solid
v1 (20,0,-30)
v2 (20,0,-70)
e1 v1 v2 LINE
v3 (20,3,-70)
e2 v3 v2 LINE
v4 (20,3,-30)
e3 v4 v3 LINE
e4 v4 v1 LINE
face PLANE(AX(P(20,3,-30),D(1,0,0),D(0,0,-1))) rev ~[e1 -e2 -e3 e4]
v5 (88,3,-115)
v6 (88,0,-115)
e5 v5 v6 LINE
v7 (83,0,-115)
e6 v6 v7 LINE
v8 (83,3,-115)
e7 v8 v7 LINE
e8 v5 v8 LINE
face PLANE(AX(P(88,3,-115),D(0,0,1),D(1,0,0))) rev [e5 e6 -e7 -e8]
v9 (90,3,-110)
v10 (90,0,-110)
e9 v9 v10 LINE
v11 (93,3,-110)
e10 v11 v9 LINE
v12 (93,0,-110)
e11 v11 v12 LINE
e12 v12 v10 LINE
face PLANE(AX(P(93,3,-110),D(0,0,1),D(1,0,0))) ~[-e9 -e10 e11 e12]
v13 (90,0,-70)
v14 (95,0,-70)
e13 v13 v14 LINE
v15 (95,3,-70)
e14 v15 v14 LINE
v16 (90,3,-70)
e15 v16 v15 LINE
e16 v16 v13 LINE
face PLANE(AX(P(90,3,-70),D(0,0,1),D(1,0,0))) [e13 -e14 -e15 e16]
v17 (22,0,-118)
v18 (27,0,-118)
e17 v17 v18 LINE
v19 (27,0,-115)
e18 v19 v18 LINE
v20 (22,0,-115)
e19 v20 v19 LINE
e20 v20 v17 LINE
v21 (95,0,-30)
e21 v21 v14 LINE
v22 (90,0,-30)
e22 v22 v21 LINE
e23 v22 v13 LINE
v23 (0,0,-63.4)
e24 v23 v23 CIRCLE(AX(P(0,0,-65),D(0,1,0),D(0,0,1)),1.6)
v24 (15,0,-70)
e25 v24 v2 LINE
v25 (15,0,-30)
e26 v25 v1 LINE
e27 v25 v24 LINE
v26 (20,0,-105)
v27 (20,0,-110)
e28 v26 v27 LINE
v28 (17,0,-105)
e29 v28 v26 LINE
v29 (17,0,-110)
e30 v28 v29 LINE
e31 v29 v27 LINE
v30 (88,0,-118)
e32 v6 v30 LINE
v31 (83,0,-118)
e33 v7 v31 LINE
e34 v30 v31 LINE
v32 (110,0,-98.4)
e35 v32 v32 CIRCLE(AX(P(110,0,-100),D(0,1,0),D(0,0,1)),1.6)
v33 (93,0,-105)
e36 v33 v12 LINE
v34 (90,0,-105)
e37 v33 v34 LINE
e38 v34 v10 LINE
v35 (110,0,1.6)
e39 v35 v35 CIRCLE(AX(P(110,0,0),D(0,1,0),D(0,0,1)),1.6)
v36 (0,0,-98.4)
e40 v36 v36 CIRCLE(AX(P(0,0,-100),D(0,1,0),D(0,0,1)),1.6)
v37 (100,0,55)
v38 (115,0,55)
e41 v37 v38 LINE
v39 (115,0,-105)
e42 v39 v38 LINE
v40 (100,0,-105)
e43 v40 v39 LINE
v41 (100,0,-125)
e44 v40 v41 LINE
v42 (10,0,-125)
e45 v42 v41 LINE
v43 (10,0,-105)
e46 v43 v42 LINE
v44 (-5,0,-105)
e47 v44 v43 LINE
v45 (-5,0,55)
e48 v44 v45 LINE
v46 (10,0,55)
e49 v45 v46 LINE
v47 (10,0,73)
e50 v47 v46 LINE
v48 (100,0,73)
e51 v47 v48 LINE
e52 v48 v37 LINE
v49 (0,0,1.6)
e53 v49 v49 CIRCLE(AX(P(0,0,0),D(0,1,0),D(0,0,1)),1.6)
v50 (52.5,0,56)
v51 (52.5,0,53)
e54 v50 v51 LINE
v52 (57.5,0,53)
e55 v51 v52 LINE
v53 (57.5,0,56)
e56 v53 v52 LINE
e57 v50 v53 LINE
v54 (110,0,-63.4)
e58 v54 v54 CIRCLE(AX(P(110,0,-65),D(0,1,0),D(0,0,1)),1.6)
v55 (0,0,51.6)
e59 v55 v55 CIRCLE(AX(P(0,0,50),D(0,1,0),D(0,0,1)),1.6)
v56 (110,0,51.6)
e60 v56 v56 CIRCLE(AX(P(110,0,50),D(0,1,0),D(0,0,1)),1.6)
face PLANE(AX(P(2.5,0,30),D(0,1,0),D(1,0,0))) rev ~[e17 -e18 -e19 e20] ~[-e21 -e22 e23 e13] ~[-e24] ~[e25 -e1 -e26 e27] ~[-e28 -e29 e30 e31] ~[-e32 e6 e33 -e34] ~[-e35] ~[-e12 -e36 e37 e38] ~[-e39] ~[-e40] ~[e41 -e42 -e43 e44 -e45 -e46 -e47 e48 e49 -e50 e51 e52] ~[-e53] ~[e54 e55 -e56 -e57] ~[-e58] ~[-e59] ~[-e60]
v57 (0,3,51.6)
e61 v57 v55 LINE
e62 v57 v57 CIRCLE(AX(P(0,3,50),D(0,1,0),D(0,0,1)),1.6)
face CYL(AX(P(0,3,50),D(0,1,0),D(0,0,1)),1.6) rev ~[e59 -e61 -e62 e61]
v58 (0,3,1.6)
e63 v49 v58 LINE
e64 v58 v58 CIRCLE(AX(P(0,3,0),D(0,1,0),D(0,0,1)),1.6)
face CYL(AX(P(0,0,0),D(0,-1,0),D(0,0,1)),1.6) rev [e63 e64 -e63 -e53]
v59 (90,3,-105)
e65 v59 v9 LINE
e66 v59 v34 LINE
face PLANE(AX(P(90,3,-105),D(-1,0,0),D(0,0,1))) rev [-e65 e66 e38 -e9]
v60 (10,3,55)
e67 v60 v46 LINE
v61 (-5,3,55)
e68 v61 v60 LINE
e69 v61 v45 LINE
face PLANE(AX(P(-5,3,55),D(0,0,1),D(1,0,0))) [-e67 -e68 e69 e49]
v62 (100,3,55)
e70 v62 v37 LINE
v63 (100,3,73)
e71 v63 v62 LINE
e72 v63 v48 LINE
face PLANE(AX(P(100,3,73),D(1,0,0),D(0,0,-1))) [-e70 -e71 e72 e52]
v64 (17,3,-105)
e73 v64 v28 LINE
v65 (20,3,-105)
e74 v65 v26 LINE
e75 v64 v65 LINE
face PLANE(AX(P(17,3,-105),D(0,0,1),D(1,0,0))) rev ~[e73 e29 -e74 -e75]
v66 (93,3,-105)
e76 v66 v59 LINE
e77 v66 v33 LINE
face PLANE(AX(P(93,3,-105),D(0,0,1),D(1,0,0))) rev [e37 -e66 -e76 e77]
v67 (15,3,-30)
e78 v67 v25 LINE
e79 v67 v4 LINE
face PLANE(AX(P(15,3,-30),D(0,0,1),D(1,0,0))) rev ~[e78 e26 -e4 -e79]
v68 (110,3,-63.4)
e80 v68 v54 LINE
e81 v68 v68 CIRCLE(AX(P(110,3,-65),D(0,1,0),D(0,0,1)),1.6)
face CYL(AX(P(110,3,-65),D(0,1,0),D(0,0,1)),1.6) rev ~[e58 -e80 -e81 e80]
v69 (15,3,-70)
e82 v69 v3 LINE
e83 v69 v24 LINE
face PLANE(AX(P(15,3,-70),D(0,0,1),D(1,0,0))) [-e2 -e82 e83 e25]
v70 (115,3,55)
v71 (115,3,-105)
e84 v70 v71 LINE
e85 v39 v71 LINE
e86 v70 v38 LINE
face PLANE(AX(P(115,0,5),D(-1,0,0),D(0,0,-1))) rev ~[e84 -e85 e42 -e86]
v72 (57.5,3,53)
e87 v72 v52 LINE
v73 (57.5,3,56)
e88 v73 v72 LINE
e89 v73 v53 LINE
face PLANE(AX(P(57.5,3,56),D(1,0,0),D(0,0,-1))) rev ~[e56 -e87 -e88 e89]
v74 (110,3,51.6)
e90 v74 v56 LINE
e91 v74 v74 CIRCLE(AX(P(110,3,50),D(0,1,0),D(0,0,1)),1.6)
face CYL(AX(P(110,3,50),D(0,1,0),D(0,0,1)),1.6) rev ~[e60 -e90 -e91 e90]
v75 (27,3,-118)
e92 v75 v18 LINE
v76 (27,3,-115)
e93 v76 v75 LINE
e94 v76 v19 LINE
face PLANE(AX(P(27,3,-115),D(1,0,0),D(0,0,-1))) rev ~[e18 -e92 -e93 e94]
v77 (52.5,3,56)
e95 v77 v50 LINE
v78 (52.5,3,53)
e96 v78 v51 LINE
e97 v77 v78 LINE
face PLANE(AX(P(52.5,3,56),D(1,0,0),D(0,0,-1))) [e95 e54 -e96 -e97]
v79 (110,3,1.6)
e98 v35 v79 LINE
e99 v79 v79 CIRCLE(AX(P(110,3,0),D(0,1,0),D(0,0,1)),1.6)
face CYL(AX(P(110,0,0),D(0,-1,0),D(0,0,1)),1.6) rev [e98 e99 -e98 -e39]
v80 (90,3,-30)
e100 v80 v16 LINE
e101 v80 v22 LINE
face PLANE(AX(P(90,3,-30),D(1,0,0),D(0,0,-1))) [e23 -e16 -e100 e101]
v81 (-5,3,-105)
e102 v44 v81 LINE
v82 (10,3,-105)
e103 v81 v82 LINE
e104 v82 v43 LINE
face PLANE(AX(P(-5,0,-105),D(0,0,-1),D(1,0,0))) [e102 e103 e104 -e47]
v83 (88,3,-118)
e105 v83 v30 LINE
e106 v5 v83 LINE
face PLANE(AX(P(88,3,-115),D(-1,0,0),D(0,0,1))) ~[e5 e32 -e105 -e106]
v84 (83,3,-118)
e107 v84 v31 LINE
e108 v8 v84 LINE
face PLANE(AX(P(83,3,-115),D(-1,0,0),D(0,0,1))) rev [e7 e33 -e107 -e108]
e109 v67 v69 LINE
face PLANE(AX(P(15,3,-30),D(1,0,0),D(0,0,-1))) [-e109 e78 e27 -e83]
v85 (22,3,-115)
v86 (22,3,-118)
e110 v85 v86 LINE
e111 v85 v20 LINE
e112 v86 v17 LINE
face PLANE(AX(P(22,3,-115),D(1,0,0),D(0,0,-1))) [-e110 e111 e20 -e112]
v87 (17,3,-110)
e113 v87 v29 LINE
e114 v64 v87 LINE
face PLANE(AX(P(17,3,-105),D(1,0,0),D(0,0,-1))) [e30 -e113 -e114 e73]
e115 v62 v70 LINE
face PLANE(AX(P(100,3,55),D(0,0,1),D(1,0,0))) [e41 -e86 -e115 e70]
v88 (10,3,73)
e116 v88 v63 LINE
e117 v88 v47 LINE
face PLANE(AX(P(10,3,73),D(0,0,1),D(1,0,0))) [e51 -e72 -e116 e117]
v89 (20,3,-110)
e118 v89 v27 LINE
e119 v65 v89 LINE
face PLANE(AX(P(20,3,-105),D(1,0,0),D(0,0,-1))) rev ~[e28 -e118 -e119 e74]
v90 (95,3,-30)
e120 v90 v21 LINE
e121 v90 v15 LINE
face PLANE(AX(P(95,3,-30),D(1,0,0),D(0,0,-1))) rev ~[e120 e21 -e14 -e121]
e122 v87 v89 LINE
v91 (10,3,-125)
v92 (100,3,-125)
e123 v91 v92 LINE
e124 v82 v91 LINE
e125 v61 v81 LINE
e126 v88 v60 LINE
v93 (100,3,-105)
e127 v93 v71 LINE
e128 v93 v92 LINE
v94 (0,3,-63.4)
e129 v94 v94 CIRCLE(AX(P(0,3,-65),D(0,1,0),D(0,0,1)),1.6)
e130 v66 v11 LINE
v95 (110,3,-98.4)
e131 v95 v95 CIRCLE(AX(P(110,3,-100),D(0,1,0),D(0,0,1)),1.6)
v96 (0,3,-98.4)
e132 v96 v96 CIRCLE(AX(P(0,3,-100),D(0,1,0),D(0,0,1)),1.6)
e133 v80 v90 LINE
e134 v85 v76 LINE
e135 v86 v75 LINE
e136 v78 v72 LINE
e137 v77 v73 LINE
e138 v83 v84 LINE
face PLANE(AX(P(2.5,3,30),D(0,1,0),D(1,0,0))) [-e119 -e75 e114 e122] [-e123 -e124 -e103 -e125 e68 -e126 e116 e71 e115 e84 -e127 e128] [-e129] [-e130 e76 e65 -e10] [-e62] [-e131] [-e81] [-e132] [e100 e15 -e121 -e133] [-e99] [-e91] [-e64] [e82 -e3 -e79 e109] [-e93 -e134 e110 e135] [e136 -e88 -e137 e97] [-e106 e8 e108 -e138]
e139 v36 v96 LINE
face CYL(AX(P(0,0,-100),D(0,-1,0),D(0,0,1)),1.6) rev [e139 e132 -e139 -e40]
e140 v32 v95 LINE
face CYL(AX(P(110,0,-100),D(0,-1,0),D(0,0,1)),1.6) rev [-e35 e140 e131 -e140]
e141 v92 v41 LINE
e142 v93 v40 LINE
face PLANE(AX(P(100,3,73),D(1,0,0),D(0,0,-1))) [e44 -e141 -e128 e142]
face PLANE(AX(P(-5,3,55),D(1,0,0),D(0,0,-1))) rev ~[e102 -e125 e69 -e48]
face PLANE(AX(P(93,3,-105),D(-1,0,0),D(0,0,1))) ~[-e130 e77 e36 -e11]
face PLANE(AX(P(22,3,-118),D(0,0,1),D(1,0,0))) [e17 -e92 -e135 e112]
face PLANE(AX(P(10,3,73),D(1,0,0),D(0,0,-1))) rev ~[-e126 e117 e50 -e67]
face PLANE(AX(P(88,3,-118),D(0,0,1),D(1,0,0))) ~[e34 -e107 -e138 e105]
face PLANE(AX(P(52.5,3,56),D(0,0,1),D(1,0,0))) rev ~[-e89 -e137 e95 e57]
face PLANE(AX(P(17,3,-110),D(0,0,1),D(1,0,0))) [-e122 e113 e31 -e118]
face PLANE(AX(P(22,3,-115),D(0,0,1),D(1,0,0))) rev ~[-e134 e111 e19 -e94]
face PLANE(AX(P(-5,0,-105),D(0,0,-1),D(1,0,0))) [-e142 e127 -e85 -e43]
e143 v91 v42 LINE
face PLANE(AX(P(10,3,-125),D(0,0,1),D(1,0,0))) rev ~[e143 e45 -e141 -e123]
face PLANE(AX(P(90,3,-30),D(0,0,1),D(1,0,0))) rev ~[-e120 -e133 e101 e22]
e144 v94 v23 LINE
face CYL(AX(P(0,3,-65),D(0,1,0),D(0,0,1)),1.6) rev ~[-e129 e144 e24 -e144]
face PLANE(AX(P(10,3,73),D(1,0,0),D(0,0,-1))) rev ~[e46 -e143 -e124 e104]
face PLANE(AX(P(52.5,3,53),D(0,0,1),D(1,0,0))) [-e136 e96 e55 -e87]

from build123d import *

# Parameters (mm, degrees)
SKETCH_2_W          = 120
SKETCH_2_H          = 110
SKETCH_2_R          = 1.6
EXTRUDE_1_DEPTH     = 3
SKETCH_4_W          = 90
SKETCH_4_H          = 198
EXTRUDE_2_DEPTH     = 3
SKETCH_7_W          = 5
SKETCH_7_H          = 3
SKETCH_7_W_2        = 3
SKETCH_7_H_2        = 5
CUT_EXTRUDE_1_DEPTH = 170.879368965
SKETCH_8_W          = 5
SKETCH_8_H          = 3
CUT_EXTRUDE_2_DEPTH = 170.879368965
SKETCH_9_W          = 5
SKETCH_9_H          = 40
CUT_EXTRUDE_3_DEPTH = 170.879368965
SKETCH_10_W         = 15
SKETCH_10_H         = 50
EXTRUDE_5_DEPTH     = 3
SKETCH_11_R         = 1.6
CUT_EXTRUDE_4_DEPTH = 170.879368965


with BuildPart() as part:
    # 草图2 → 凸台-拉伸1 (new body)
    with BuildSketch(Plane(origin=(0, 0, 0), x_dir=(1, 0, 0), z_dir=(0, 1, 0))):
        with Locations((55, 50)):
            Rectangle(SKETCH_2_W, SKETCH_2_H)
        with Locations(Location((0, 100, 0), (0, 0, 270))):
            Circle(SKETCH_2_R, mode=Mode.SUBTRACT)
        with Locations(Location((110, 100, 0), (0, 0, 270))):
            Circle(SKETCH_2_R, mode=Mode.SUBTRACT)
        with Locations(Location((0, 0, 0), (0, 0, 270))):
            Circle(SKETCH_2_R, mode=Mode.SUBTRACT)
        with Locations(Location((110, 0, 0), (0, 0, 270))):
            Circle(SKETCH_2_R, mode=Mode.SUBTRACT)
    extrude(amount=EXTRUDE_1_DEPTH)

    # 草图4 → 凸台-拉伸2 (add)
    with BuildSketch(Plane(origin=(0, 3, 0), x_dir=(1, 0, 0), z_dir=(0, 1, 0))):
        with Locations((55, 26)):
            Rectangle(SKETCH_4_W, SKETCH_4_H)
    extrude(amount=-EXTRUDE_2_DEPTH)

    # 草图7 → 切除-拉伸1 (cut, through all)
    with BuildSketch(Plane(origin=(0, 3, 0), x_dir=(1, 0, 0), z_dir=(0, 1, 0))):
        with Locations((24.5, 116.5)):
            Rectangle(SKETCH_7_W, SKETCH_7_H)
        with Locations((18.5, 107.5)):
            Rectangle(SKETCH_7_W_2, SKETCH_7_H_2)
    cut_extrude_1 = extrude(amount=-CUT_EXTRUDE_1_DEPTH, mode=Mode.SUBTRACT)

    # 镜向1: 切除-拉伸1 across plane
    add(cut_extrude_1.mirror(Plane.ZY.offset(-55)), mode=Mode.SUBTRACT)

    # 草图8 → 切除-拉伸2 (cut, through all)
    with BuildSketch(Plane(origin=(0, 3, 0), x_dir=(1, 0, 0), z_dir=(0, 1, 0))):
        with Locations((55, -54.5)):
            Rectangle(SKETCH_8_W, SKETCH_8_H)
    extrude(amount=-CUT_EXTRUDE_2_DEPTH, mode=Mode.SUBTRACT)

    # 草图9 → 切除-拉伸3 (cut, through all)
    with BuildSketch(Plane(origin=(0, 3, 0), x_dir=(1, 0, 0), z_dir=(0, 1, 0))):
        with Locations((17.5, 50)):
            Rectangle(SKETCH_9_W, SKETCH_9_H)
        with Locations((92.5, 50)):
            Rectangle(SKETCH_9_W, SKETCH_9_H)
    extrude(amount=-CUT_EXTRUDE_3_DEPTH, mode=Mode.SUBTRACT)

    # 草图10 → 凸台-拉伸5 (add)
    with BuildSketch(Plane(origin=(0, 3, 0), x_dir=(1, 0, 0), z_dir=(0, 1, 0))):
        with Locations((2.5, -30)):
            Rectangle(SKETCH_10_W, SKETCH_10_H)
        with Locations((107.5, -30)):
            Rectangle(SKETCH_10_W, SKETCH_10_H)
    extrude(amount=-EXTRUDE_5_DEPTH)

    # 草图11 → 切除-拉伸4 (cut, through all)
    with BuildSketch(Plane(origin=(0, 3, 0), x_dir=(1, 0, 0), z_dir=(0, 1, 0))):
        with Locations(Location((0, -50, 0), (0, 0, 270))):
            Circle(SKETCH_11_R)
        with Locations(Location((0, 65, 0), (0, 0, 270))):
            Circle(SKETCH_11_R)
        with Locations(Location((110, -50, 0), (0, 0, 270))):
            Circle(SKETCH_11_R)
        with Locations(Location((110, 65, 0), (0, 0, 270))):
            Circle(SKETCH_11_R)
    extrude(amount=-CUT_EXTRUDE_4_DEPTH, mode=Mode.SUBTRACT)


solid = part.part
